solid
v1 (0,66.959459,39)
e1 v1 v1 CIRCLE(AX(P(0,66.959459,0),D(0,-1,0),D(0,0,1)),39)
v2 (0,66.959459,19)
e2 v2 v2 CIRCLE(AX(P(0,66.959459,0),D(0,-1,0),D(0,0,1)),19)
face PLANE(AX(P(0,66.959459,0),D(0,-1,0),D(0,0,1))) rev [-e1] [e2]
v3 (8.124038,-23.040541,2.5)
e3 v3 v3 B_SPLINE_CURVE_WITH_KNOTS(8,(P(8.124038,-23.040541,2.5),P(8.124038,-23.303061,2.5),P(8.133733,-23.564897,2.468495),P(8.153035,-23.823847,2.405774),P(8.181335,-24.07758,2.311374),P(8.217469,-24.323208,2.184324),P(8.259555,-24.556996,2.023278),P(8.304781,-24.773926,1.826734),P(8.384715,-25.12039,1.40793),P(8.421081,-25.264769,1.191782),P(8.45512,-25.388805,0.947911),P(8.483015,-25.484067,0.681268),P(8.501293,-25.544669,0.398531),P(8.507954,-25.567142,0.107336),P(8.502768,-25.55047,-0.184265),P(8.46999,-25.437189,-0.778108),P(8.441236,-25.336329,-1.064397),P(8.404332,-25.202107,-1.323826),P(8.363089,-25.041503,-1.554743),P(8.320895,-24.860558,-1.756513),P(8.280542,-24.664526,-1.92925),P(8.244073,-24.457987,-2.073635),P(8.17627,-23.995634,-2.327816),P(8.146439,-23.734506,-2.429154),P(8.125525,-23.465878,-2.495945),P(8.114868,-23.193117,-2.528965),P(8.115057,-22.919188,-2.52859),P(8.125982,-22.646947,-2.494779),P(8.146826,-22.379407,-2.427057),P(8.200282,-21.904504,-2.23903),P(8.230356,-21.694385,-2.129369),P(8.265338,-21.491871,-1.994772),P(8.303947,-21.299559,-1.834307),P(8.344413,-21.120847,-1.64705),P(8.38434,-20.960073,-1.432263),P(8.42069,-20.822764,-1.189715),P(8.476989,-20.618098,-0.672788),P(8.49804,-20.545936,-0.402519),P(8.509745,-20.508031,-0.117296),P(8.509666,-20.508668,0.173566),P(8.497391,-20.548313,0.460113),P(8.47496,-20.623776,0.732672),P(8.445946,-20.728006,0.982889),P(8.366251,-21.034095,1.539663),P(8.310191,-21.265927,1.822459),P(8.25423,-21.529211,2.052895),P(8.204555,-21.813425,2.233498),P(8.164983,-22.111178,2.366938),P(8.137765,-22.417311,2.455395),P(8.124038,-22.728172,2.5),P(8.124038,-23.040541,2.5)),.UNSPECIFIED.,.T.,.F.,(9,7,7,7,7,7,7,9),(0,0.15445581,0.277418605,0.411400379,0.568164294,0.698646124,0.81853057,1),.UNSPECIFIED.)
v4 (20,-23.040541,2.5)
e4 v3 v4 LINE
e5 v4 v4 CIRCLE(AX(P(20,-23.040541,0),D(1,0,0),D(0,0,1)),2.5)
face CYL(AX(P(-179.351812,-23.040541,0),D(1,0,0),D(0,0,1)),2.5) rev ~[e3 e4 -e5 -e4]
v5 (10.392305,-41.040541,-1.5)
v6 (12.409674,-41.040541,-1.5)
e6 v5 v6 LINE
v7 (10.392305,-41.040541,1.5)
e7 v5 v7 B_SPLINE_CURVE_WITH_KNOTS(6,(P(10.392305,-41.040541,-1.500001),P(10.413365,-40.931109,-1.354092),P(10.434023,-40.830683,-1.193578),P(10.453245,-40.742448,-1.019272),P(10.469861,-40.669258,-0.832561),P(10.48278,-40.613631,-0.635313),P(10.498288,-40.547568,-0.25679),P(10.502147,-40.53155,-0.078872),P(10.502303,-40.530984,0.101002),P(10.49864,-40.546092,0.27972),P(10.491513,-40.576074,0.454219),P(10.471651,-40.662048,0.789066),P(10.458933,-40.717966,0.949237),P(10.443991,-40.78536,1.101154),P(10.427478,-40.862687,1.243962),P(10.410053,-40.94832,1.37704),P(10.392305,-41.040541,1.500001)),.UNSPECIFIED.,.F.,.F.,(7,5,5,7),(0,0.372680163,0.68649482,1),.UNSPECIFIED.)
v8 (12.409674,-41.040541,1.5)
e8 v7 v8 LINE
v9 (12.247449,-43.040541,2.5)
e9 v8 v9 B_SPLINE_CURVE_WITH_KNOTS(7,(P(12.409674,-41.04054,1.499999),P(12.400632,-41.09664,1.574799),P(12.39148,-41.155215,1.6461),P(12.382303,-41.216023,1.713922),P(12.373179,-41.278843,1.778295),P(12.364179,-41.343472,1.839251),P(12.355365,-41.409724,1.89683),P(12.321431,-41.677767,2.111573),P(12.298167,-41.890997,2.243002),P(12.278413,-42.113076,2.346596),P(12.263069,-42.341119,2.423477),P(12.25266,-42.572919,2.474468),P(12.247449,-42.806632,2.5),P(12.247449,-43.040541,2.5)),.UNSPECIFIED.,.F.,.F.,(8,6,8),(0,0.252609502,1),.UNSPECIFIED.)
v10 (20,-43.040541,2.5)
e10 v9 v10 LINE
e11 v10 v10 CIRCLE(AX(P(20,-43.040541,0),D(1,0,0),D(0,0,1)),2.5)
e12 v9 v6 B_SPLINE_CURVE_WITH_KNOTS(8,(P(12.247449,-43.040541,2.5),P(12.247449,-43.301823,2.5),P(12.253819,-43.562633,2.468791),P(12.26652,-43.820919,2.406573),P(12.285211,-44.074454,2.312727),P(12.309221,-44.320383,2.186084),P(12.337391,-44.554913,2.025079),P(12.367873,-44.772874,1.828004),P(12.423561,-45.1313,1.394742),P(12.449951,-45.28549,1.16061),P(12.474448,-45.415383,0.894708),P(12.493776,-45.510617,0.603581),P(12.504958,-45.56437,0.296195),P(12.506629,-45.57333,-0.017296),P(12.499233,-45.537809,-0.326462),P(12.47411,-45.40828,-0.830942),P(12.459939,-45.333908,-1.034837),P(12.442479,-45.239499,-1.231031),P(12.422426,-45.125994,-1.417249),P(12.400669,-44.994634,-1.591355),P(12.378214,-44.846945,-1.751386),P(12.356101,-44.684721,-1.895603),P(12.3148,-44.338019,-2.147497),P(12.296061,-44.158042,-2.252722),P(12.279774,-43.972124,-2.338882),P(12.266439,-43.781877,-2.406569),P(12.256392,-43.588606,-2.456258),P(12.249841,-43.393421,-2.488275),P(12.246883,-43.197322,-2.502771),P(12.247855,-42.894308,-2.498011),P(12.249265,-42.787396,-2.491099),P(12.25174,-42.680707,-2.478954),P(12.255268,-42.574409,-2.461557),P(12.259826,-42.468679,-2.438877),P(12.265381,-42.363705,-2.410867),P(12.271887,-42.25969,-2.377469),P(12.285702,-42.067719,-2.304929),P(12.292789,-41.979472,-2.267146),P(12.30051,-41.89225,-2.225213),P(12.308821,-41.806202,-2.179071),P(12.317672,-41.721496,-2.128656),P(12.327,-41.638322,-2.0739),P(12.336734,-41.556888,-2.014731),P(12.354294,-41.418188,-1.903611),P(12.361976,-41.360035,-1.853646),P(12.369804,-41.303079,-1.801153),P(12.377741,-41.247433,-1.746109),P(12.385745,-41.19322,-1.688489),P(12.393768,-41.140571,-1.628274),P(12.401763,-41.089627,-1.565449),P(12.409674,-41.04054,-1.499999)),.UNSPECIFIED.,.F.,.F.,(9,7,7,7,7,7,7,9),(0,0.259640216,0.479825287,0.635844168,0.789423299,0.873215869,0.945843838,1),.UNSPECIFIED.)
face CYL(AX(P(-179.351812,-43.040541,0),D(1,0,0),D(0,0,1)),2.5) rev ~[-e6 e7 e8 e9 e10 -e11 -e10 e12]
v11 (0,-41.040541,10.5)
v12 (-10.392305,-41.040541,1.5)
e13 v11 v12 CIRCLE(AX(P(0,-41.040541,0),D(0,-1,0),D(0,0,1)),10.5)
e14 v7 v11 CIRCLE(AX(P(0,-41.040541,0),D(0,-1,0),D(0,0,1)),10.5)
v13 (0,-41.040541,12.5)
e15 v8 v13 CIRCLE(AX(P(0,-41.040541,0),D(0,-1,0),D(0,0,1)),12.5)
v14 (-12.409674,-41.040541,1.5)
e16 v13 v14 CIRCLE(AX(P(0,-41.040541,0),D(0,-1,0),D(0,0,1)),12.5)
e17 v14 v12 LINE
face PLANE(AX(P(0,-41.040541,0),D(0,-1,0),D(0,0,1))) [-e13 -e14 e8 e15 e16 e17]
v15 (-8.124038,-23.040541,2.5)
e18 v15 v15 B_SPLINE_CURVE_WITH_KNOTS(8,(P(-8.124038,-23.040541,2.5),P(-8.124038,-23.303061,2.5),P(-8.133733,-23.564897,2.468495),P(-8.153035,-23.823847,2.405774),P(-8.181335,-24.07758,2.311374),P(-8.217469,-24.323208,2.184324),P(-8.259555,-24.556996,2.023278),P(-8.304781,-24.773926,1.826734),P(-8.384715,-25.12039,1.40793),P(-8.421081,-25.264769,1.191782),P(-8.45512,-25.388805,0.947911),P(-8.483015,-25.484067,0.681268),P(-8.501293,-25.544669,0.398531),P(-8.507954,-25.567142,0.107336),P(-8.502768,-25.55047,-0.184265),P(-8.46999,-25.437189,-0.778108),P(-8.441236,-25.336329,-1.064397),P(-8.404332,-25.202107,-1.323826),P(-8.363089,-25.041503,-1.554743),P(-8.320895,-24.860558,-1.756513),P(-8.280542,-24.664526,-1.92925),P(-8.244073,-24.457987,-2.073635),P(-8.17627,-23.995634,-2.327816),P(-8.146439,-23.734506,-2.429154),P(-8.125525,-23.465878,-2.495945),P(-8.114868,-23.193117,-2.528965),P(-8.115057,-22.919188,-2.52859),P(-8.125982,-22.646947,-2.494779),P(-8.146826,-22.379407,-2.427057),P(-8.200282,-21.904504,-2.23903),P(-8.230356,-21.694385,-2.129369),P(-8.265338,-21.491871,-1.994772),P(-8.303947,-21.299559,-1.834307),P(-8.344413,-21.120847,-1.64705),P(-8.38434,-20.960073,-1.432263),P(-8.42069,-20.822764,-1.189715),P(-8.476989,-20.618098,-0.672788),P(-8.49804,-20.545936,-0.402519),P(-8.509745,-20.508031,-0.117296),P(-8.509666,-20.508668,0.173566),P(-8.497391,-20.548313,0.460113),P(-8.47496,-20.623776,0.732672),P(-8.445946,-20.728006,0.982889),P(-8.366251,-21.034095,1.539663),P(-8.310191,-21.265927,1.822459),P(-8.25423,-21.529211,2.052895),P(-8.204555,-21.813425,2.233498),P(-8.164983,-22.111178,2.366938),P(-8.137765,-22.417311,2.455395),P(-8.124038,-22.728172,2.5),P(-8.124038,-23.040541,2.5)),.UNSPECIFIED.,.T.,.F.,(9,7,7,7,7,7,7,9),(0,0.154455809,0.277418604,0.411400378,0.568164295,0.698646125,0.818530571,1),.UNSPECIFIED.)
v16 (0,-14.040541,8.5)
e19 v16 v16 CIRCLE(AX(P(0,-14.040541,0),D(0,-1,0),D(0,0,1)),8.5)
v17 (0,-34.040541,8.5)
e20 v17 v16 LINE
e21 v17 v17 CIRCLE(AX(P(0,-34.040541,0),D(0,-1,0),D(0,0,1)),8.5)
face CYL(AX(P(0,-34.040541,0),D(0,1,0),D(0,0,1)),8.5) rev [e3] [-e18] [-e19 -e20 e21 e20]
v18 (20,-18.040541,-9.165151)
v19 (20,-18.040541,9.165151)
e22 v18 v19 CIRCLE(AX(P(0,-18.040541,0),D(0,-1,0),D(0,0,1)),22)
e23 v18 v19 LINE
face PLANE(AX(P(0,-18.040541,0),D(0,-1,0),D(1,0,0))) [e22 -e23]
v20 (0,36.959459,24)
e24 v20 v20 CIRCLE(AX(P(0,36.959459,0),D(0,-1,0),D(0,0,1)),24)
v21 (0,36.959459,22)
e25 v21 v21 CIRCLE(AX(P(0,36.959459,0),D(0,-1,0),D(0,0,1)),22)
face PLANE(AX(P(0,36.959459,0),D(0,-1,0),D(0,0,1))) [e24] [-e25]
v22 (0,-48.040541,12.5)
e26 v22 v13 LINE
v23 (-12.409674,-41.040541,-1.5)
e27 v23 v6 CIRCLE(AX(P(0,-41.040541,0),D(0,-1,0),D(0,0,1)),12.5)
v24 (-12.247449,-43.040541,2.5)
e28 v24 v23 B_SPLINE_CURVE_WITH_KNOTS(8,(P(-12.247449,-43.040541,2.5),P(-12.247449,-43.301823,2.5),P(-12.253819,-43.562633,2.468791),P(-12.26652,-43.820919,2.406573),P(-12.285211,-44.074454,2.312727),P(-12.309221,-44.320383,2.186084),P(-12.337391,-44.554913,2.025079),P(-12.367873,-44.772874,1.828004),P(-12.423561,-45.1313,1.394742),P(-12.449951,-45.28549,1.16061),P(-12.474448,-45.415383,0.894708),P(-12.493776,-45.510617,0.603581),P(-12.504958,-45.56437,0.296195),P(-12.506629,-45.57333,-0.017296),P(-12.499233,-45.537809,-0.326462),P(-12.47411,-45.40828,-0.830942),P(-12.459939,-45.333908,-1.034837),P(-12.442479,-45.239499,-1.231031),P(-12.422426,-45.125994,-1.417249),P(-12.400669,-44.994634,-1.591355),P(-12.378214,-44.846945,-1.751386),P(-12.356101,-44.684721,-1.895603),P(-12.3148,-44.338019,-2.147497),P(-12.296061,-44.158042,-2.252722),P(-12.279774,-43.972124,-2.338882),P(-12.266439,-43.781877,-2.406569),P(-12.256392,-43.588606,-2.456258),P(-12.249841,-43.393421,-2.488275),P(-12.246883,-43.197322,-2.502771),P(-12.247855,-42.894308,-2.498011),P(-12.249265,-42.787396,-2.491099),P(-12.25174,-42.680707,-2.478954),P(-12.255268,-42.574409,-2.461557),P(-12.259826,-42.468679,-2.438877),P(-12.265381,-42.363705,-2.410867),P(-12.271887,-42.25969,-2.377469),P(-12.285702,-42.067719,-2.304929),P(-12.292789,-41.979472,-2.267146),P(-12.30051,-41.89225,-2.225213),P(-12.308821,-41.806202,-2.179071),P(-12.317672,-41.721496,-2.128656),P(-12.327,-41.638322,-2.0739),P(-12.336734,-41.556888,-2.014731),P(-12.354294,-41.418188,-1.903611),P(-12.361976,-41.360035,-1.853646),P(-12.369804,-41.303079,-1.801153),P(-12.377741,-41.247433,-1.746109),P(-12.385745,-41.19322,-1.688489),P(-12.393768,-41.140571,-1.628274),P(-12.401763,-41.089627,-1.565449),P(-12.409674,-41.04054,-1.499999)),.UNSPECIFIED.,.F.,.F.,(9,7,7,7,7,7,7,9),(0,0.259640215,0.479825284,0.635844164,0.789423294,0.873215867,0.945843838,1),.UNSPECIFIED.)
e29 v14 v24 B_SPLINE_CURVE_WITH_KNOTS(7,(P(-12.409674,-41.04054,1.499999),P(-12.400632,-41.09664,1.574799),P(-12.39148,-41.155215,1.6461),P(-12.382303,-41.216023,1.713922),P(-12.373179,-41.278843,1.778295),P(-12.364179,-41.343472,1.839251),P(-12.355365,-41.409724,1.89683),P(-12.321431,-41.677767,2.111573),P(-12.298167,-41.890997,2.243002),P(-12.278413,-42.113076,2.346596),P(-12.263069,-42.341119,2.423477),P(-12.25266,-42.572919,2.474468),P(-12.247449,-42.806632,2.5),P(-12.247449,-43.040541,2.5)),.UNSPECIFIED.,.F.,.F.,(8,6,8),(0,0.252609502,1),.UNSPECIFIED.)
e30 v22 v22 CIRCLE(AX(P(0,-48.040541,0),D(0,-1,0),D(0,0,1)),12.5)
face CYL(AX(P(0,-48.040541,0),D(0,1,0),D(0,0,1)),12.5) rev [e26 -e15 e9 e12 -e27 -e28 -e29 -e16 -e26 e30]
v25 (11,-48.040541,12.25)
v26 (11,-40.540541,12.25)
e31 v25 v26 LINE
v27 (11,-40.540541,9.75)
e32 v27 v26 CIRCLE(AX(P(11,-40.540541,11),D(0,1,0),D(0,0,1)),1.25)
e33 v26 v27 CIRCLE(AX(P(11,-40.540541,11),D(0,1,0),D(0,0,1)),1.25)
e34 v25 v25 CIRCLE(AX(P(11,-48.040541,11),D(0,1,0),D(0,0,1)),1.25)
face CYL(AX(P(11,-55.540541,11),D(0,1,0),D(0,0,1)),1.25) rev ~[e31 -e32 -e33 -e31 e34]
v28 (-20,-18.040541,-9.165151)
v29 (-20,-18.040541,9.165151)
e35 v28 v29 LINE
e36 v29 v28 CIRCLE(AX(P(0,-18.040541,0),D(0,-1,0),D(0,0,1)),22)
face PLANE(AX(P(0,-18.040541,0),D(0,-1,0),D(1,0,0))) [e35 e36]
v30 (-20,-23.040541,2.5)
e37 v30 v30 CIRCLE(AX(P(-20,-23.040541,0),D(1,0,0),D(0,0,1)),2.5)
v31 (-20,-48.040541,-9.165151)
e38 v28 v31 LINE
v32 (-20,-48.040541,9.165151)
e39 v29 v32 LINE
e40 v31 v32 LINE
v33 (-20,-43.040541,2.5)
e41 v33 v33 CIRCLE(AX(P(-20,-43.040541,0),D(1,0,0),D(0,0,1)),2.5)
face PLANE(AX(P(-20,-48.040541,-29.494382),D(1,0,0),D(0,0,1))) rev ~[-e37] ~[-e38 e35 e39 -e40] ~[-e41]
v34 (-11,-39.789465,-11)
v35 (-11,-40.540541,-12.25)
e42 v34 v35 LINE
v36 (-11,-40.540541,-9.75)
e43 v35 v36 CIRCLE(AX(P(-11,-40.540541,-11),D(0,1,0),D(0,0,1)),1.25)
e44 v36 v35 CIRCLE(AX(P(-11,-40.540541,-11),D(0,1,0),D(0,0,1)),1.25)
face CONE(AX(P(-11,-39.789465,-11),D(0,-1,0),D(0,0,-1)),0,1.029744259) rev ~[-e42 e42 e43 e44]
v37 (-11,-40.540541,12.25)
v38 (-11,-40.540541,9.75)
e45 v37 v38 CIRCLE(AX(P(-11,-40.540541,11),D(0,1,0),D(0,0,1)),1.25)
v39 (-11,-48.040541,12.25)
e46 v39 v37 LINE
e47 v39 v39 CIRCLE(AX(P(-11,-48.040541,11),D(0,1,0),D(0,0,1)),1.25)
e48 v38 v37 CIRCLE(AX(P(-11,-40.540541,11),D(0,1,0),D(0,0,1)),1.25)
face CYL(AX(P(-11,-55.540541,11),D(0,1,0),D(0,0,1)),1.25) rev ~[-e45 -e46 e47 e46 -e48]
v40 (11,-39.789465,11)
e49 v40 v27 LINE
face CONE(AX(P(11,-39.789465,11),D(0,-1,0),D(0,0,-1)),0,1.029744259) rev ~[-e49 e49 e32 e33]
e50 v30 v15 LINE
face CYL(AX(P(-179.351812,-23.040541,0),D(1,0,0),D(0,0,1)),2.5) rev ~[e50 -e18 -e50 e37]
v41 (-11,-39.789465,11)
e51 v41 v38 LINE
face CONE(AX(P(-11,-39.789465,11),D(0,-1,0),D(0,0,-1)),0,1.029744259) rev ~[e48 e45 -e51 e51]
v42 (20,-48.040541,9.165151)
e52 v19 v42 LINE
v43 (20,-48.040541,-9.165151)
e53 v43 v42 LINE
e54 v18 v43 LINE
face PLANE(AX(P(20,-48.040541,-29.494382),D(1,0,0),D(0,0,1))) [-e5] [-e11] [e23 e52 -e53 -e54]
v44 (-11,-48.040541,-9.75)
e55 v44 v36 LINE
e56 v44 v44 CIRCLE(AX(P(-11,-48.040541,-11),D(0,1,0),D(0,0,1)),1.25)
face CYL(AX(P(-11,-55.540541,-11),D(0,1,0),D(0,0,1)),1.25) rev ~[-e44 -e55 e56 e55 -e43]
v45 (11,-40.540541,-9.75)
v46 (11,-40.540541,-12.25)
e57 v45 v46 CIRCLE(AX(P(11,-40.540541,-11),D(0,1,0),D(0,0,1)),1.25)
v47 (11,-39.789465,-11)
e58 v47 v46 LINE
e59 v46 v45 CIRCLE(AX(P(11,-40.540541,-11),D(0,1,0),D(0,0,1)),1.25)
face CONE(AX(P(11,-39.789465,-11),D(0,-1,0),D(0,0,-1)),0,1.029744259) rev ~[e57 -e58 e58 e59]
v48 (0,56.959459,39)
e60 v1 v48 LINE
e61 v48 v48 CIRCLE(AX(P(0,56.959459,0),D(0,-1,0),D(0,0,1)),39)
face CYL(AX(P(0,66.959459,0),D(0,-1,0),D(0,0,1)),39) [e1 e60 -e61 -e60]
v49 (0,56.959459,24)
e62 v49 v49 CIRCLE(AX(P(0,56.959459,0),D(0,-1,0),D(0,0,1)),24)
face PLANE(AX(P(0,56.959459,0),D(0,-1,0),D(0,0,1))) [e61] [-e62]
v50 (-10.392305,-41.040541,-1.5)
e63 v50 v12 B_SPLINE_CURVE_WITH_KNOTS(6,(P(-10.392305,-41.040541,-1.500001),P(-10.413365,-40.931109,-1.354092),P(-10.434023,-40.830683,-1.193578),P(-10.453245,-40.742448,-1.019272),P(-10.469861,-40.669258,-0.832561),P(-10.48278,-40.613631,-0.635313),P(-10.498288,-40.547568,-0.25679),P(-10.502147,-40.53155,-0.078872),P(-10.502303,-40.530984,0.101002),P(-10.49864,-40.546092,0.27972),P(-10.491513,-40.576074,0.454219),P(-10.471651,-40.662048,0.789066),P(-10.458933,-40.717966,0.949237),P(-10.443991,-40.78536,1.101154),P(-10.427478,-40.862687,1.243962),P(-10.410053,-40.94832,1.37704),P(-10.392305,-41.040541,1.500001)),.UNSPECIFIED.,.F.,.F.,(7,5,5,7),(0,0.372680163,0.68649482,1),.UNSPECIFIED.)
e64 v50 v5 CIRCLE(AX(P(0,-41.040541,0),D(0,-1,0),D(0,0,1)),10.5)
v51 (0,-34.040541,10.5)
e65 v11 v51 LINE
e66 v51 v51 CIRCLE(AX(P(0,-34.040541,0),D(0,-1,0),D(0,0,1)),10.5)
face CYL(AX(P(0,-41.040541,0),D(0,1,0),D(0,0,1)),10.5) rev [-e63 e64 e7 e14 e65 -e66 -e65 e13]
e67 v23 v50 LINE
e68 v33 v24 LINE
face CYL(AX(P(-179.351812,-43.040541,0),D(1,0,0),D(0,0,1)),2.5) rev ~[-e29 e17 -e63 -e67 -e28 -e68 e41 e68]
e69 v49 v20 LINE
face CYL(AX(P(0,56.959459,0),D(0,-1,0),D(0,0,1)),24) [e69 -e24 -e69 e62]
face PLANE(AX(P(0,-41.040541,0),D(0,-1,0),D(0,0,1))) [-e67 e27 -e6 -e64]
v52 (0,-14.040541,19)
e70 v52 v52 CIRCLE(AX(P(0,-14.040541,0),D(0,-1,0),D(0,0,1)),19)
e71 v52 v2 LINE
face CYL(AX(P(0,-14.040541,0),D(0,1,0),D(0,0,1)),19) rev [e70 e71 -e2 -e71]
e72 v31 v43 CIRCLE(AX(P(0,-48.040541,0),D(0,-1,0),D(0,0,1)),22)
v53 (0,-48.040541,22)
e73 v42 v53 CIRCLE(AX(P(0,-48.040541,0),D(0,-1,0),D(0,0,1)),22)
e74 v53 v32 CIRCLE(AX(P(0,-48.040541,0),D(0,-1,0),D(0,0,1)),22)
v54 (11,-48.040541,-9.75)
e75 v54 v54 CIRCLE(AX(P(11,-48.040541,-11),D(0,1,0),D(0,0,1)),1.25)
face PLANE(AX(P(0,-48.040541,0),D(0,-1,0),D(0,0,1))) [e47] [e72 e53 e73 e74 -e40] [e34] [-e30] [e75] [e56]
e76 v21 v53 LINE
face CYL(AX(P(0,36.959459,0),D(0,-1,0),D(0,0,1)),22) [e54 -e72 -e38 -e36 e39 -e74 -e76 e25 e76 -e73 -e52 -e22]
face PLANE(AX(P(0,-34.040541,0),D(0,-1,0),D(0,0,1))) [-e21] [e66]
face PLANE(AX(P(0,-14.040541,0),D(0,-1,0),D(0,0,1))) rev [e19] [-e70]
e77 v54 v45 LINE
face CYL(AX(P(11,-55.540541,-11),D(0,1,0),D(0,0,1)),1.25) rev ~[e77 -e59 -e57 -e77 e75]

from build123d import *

# Parameters (mm, degrees)
M3_TAPPED_HOLE1_D     = 2.5
M3_TAPPED_HOLE1_DEPTH = 7.5
M3_TAPPED_HOLE1_TIP   = 0.751075774
SKETCH4_OUTSIDE_W     = 111.87
SKETCH4_OUTSIDE_H     = 111.87
SKETCH4_OUTSIDE_W_2   = 40
SKETCH4_OUTSIDE_H_2   = 58.988764044
EXTRUDE1_DEPTH        = 30
M6_TAPPED_HOLE1_D     = 5


with BuildPart() as part:
    # Sketch1 → Revolve1 (revolve)
    with BuildSketch(Plane.XY, mode=Mode.PRIVATE) as revolve1_sk:
        Polygon((19, 66.959459459), (39, 66.959459459), (39, 56.959459459), (24, 56.959459459), (24, 36.959459459), (22, 36.959459459), (22, -48.040540541), (12.5, -48.040540541), (12.5, -41.040540541), (10.5, -41.040540541), (10.5, -34.040540541), (8.5, -34.040540541), (8.5, -14.040540541), (19, -14.040540541), align=None)
    revolve(revolve1_sk.sketch.rotate(Axis((0, 66.959459459, 0), (0, -1, 0)), 90), axis=Axis((0, 66.959459459, 0), (0, -1, 0)))

    # M3 Tapped Hole1
    with Locations(Plane(origin=(-11, -48.040540541, 11), x_dir=(0, 0, -1), z_dir=(0, -1, 0))):
        with Locations((0, 0), (0, 22), (22, 0), (22, 22)):
            Hole(M3_TAPPED_HOLE1_D / 2, depth=M3_TAPPED_HOLE1_DEPTH)
            with Locations((0, 0, -(M3_TAPPED_HOLE1_DEPTH + M3_TAPPED_HOLE1_TIP / 2))):  # 118° drill point
                Cone(0, M3_TAPPED_HOLE1_D / 2, M3_TAPPED_HOLE1_TIP, mode=Mode.SUBTRACT)

    # Sketch4 outside → Extrude1 (cut)
    with BuildSketch(Plane.XZ.offset(48.040540541)):
        Rectangle(SKETCH4_OUTSIDE_W, SKETCH4_OUTSIDE_H)
        Rectangle(SKETCH4_OUTSIDE_W_2, SKETCH4_OUTSIDE_H_2, mode=Mode.SUBTRACT)
    extrude(amount=-EXTRUDE1_DEPTH, mode=Mode.SUBTRACT)

    # M6 Tapped Hole1 (through all)
    with Locations(Plane(origin=(-20, -23.040540541, 0), x_dir=(0, 0, -1), z_dir=(-1, 0, 0))):
        with Locations((0, 0), (0, 20)):
            Hole(M6_TAPPED_HOLE1_D / 2)


solid = part.part
